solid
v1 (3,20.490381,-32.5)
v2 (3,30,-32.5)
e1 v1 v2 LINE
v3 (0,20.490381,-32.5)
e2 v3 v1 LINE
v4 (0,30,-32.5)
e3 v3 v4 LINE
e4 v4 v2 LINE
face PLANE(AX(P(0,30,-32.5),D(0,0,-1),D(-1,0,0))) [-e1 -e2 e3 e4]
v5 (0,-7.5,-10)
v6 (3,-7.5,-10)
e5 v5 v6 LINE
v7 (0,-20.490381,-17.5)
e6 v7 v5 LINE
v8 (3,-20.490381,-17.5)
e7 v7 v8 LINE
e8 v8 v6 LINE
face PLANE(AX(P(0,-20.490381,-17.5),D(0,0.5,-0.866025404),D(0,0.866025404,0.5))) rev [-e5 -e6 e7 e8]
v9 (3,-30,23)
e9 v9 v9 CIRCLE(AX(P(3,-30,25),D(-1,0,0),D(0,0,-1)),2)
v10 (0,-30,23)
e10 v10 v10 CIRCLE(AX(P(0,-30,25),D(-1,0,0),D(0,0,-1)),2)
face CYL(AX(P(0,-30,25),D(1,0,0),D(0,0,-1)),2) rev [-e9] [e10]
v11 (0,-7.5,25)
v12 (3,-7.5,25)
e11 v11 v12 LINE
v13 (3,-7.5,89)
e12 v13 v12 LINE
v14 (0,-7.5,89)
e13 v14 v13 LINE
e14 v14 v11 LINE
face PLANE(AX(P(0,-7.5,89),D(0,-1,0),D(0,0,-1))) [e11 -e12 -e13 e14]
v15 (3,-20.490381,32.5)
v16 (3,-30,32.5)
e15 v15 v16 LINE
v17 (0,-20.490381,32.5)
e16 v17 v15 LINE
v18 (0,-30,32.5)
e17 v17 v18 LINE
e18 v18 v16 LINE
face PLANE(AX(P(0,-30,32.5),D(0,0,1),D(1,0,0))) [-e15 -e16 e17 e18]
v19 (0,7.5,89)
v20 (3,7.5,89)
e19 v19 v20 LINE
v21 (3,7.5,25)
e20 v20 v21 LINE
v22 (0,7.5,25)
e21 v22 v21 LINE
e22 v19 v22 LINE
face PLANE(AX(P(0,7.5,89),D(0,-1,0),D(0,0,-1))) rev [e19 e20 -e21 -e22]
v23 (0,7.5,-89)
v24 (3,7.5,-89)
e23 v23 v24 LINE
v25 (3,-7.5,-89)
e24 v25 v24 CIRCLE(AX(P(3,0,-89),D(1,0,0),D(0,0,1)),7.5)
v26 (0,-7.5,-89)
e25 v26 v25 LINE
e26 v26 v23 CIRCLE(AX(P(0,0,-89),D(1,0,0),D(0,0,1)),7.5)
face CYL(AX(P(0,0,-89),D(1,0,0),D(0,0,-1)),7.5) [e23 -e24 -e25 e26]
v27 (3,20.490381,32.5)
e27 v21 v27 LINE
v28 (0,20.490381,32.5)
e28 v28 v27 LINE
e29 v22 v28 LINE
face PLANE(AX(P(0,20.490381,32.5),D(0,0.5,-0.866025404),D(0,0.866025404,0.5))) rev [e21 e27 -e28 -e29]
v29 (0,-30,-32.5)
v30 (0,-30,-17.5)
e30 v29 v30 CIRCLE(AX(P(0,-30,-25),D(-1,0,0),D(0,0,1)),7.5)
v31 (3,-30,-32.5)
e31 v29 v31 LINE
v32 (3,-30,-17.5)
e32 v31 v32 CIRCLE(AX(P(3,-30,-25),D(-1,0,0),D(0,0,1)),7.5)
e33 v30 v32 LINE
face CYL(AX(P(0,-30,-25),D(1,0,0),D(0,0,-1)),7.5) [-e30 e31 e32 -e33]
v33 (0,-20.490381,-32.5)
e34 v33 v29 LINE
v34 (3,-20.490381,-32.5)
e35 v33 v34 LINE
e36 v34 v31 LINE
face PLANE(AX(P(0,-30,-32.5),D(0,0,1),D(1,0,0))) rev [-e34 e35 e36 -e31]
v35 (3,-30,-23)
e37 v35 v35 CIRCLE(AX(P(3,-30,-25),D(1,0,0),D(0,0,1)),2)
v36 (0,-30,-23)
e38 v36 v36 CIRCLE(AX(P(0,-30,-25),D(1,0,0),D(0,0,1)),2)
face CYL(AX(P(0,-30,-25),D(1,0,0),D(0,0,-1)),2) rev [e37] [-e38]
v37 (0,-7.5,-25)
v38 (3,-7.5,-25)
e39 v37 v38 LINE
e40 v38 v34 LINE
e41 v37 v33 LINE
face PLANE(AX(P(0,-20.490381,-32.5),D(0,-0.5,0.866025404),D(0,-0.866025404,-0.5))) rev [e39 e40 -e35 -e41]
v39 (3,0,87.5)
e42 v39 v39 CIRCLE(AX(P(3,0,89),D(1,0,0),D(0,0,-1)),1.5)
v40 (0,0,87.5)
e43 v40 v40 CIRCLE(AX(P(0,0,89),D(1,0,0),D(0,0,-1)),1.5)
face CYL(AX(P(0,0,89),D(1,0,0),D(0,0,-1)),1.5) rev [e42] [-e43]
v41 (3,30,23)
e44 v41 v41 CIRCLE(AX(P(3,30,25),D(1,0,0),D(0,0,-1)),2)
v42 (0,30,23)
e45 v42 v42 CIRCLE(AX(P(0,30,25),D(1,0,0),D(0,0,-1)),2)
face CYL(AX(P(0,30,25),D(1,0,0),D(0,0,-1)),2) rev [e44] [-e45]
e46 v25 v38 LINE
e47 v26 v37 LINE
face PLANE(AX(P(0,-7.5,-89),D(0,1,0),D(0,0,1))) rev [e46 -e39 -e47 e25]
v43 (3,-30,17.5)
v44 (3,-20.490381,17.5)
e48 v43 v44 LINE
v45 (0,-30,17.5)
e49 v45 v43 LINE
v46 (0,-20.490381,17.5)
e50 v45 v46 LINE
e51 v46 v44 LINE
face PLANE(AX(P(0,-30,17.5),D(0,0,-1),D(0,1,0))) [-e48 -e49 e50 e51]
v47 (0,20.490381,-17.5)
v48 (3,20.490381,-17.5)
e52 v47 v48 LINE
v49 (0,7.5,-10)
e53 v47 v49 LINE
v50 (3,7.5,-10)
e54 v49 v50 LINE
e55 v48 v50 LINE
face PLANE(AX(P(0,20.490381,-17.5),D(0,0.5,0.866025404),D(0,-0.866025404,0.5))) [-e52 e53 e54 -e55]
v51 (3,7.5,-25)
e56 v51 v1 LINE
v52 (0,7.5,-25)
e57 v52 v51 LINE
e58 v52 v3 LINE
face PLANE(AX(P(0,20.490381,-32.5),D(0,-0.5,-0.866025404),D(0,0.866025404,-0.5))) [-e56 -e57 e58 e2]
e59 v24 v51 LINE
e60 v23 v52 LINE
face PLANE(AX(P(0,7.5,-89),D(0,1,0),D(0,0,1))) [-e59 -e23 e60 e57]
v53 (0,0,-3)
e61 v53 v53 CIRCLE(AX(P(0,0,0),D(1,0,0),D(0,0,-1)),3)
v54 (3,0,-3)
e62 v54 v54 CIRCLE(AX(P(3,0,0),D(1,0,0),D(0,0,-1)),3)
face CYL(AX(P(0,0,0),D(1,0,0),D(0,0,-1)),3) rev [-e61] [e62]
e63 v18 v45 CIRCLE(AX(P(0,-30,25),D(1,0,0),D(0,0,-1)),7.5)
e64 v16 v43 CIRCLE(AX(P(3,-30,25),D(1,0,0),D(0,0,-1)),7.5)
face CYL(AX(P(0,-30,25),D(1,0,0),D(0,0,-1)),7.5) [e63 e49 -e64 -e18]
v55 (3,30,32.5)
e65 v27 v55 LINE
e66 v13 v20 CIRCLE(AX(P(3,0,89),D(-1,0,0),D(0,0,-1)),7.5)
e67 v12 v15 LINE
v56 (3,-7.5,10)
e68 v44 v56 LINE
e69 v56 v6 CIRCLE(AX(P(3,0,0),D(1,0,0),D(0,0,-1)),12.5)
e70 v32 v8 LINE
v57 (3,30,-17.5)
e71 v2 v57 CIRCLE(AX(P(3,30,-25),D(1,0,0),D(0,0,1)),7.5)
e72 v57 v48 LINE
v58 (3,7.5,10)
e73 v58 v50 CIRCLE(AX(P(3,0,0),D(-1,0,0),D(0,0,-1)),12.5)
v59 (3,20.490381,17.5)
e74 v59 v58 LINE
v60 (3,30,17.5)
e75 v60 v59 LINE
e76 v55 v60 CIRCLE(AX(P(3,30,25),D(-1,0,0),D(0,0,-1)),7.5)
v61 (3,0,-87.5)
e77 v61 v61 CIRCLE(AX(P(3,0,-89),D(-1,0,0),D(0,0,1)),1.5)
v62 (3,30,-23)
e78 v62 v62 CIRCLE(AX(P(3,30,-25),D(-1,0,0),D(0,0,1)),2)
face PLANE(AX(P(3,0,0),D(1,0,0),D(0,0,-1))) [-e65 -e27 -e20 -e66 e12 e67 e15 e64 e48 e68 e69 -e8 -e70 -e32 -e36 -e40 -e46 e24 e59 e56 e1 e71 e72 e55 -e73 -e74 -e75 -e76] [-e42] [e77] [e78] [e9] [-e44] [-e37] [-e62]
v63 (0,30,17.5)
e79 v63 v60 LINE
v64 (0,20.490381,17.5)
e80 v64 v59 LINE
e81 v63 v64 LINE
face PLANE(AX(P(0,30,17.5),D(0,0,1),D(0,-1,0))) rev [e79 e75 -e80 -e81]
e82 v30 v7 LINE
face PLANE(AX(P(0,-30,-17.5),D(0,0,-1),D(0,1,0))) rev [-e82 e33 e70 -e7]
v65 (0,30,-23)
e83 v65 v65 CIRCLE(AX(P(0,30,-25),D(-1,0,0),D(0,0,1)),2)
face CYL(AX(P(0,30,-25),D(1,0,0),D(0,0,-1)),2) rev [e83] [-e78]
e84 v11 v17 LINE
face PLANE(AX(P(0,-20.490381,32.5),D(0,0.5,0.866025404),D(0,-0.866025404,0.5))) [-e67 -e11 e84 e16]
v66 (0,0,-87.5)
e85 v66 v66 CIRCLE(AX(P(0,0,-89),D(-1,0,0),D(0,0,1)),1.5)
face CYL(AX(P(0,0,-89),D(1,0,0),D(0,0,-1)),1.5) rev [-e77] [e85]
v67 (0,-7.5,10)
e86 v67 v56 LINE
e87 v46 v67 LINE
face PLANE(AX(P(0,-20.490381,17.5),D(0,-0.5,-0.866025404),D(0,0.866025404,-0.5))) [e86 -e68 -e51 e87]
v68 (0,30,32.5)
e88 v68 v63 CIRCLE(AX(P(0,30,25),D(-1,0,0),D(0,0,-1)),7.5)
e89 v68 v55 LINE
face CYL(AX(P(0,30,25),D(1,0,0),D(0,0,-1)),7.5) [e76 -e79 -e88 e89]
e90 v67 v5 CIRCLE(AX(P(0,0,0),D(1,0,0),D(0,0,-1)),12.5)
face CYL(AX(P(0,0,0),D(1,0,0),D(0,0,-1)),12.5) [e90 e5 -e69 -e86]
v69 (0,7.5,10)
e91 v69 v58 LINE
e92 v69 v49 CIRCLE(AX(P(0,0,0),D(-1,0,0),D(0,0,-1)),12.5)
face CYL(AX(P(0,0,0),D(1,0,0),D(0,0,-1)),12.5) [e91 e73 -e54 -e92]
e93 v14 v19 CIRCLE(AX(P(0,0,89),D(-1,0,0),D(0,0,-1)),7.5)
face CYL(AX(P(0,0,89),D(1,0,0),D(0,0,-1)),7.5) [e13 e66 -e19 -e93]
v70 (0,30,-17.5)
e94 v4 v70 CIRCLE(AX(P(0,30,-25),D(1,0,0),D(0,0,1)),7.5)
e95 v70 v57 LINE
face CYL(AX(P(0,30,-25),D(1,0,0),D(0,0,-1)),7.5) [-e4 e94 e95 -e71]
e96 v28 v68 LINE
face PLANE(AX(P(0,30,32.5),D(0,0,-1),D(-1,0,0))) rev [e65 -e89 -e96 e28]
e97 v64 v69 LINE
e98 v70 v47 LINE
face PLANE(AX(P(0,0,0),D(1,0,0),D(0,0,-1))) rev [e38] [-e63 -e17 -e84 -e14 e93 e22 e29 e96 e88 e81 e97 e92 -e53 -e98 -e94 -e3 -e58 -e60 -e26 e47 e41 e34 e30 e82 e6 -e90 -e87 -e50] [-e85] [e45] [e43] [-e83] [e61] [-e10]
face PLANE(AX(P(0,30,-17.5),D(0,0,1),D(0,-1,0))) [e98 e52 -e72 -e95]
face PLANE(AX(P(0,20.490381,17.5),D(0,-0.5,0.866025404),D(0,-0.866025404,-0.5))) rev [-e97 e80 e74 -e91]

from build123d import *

# Parameters (mm, degrees)
SKETCH1_W               = 210
SKETCH1_H               = 90
BOSS_EXTRUDE1_DEPTH     = 3
SKETCH2_R               = 1.5
CUT_EXTRUDE1_DEPTH      = 4
SKETCH3_R               = 2
CUT_EXTRUDE2_DEPTH      = 4
CUT_EXTRUDE3_DEPTH      = 4
MIRROR3_COPY_1_SKETCH_R = 2
MIRROR3_COPY_1_DEPTH    = 4
MIRROR3_COPY_2_DEPTH    = 4
SKETCH5_R               = 3
CUT_EXTRUDE4_DEPTH      = 4


with BuildPart() as part:
    # Sketch1 → Boss-Extrude1 (new body)
    with BuildSketch(Plane(origin=(0, 0, 0), x_dir=(0, 0, -1), z_dir=(1, 0, 0))):
        Rectangle(SKETCH1_W, SKETCH1_H)
    extrude(amount=BOSS_EXTRUDE1_DEPTH)

    # Sketch2 → Cut-Extrude1 (cut, through all)
    with BuildSketch(Plane(origin=(3, 0, 0), x_dir=(0, 0, -1), z_dir=(1, 0, 0))):
        with Locations((-89, 0)):
            Circle(SKETCH2_R)
    cut_extrude1 = extrude(amount=-CUT_EXTRUDE1_DEPTH, mode=Mode.SUBTRACT)

    # Sketch3 → Cut-Extrude2 (cut, through all)
    with BuildSketch(Plane(origin=(3, 0, 0), x_dir=(0, 0, -1), z_dir=(1, 0, 0))):
        with Locations((-25, 30)):
            Circle(SKETCH3_R)
    cut_extrude2 = extrude(amount=-CUT_EXTRUDE2_DEPTH, mode=Mode.SUBTRACT)

    # Sketch4 → Cut-Extrude3 (cut, through all)
    with BuildSketch(Plane(origin=(3, 0, 0), x_dir=(0, 0, -1), z_dir=(1, 0, 0))):
        with BuildLine():
            Line((-105, 0), (-105, 45))
            Line((-105, 45), (0, 45))
            Line((0, 45), (0, 40))
            Line((0, 40), (0, 12.5))
            ThreePointArc((0, 12.5), (-5.590169944, 11.180339887), (-10, 7.5))
            Line((-10, 7.5), (-17.5, 20.490381057))
            Line((-17.5, 20.490381057), (-17.5, 30))
            ThreePointArc((-17.5, 30), (-25, 37.5), (-32.5, 30))
            Line((-32.5, 30), (-32.5, 20.490381057))
            Line((-32.5, 20.490381057), (-25, 7.5))
            Line((-25, 7.5), (-89, 7.5))
            ThreePointArc((-89, 7.5), (-94.303300859, 5.303300859), (-96.5, 0))
            Line((-96.5, 0), (-105, 0))
        make_face()
    cut_extrude3 = extrude(amount=-CUT_EXTRUDE3_DEPTH, mode=Mode.SUBTRACT)

    # Mirror2: Cut-Extrude2, Cut-Extrude3 across plane
    add(cut_extrude2.mirror(Plane.ZX), mode=Mode.SUBTRACT)
    add(cut_extrude3.mirror(Plane.ZX), mode=Mode.SUBTRACT)

    # Mirror3: Cut-Extrude3, Cut-Extrude1, Cut-Extrude2 across plane
    add(cut_extrude3.mirror(Plane.XY), mode=Mode.SUBTRACT)
    add(cut_extrude1.mirror(Plane.XY), mode=Mode.SUBTRACT)
    add(cut_extrude2.mirror(Plane.XY), mode=Mode.SUBTRACT)

    # Mirror3 copy 1 sketch → Mirror3 copy 1 (cut, through all)
    with BuildSketch(Plane(origin=(3, 0, 0), x_dir=(0, 0, 1), z_dir=(1, 0, 0))):
        with Locations((-25, 30)):
            Circle(MIRROR3_COPY_1_SKETCH_R)
    extrude(amount=-MIRROR3_COPY_1_DEPTH, mode=Mode.SUBTRACT)

    # Mirror3 copy 2 sketch → Mirror3 copy 2 (cut, through all)
    with BuildSketch(Plane(origin=(3, 0, 0), x_dir=(0, 0, 1), z_dir=(1, 0, 0))):
        with BuildLine():
            Line((-105, 0), (-105, 45))
            Line((-105, 45), (0, 45))
            Line((0, 45), (0, 40))
            Line((0, 40), (0, 12.5))
            ThreePointArc((0, 12.5), (-5.590169944, 11.180339887), (-10, 7.5))
            Line((-10, 7.5), (-17.5, 20.490381057))
            Line((-17.5, 20.490381057), (-17.5, 30))
            ThreePointArc((-17.5, 30), (-25, 37.5), (-32.5, 30))
            Line((-32.5, 30), (-32.5, 20.490381057))
            Line((-32.5, 20.490381057), (-25, 7.5))
            Line((-25, 7.5), (-89, 7.5))
            ThreePointArc((-89, 7.5), (-94.303300859, 5.303300859), (-96.5, 0))
            Line((-96.5, 0), (-105, 0))
        make_face()
    extrude(amount=-MIRROR3_COPY_2_DEPTH, mode=Mode.SUBTRACT)

    # Sketch5 → Cut-Extrude4 (cut, through all)
    with BuildSketch(Plane(origin=(3, 0, 0), x_dir=(0, 0, -1), z_dir=(1, 0, 0))):
        Circle(SKETCH5_R)
    extrude(amount=-CUT_EXTRUDE4_DEPTH, mode=Mode.SUBTRACT)


solid = part.part
